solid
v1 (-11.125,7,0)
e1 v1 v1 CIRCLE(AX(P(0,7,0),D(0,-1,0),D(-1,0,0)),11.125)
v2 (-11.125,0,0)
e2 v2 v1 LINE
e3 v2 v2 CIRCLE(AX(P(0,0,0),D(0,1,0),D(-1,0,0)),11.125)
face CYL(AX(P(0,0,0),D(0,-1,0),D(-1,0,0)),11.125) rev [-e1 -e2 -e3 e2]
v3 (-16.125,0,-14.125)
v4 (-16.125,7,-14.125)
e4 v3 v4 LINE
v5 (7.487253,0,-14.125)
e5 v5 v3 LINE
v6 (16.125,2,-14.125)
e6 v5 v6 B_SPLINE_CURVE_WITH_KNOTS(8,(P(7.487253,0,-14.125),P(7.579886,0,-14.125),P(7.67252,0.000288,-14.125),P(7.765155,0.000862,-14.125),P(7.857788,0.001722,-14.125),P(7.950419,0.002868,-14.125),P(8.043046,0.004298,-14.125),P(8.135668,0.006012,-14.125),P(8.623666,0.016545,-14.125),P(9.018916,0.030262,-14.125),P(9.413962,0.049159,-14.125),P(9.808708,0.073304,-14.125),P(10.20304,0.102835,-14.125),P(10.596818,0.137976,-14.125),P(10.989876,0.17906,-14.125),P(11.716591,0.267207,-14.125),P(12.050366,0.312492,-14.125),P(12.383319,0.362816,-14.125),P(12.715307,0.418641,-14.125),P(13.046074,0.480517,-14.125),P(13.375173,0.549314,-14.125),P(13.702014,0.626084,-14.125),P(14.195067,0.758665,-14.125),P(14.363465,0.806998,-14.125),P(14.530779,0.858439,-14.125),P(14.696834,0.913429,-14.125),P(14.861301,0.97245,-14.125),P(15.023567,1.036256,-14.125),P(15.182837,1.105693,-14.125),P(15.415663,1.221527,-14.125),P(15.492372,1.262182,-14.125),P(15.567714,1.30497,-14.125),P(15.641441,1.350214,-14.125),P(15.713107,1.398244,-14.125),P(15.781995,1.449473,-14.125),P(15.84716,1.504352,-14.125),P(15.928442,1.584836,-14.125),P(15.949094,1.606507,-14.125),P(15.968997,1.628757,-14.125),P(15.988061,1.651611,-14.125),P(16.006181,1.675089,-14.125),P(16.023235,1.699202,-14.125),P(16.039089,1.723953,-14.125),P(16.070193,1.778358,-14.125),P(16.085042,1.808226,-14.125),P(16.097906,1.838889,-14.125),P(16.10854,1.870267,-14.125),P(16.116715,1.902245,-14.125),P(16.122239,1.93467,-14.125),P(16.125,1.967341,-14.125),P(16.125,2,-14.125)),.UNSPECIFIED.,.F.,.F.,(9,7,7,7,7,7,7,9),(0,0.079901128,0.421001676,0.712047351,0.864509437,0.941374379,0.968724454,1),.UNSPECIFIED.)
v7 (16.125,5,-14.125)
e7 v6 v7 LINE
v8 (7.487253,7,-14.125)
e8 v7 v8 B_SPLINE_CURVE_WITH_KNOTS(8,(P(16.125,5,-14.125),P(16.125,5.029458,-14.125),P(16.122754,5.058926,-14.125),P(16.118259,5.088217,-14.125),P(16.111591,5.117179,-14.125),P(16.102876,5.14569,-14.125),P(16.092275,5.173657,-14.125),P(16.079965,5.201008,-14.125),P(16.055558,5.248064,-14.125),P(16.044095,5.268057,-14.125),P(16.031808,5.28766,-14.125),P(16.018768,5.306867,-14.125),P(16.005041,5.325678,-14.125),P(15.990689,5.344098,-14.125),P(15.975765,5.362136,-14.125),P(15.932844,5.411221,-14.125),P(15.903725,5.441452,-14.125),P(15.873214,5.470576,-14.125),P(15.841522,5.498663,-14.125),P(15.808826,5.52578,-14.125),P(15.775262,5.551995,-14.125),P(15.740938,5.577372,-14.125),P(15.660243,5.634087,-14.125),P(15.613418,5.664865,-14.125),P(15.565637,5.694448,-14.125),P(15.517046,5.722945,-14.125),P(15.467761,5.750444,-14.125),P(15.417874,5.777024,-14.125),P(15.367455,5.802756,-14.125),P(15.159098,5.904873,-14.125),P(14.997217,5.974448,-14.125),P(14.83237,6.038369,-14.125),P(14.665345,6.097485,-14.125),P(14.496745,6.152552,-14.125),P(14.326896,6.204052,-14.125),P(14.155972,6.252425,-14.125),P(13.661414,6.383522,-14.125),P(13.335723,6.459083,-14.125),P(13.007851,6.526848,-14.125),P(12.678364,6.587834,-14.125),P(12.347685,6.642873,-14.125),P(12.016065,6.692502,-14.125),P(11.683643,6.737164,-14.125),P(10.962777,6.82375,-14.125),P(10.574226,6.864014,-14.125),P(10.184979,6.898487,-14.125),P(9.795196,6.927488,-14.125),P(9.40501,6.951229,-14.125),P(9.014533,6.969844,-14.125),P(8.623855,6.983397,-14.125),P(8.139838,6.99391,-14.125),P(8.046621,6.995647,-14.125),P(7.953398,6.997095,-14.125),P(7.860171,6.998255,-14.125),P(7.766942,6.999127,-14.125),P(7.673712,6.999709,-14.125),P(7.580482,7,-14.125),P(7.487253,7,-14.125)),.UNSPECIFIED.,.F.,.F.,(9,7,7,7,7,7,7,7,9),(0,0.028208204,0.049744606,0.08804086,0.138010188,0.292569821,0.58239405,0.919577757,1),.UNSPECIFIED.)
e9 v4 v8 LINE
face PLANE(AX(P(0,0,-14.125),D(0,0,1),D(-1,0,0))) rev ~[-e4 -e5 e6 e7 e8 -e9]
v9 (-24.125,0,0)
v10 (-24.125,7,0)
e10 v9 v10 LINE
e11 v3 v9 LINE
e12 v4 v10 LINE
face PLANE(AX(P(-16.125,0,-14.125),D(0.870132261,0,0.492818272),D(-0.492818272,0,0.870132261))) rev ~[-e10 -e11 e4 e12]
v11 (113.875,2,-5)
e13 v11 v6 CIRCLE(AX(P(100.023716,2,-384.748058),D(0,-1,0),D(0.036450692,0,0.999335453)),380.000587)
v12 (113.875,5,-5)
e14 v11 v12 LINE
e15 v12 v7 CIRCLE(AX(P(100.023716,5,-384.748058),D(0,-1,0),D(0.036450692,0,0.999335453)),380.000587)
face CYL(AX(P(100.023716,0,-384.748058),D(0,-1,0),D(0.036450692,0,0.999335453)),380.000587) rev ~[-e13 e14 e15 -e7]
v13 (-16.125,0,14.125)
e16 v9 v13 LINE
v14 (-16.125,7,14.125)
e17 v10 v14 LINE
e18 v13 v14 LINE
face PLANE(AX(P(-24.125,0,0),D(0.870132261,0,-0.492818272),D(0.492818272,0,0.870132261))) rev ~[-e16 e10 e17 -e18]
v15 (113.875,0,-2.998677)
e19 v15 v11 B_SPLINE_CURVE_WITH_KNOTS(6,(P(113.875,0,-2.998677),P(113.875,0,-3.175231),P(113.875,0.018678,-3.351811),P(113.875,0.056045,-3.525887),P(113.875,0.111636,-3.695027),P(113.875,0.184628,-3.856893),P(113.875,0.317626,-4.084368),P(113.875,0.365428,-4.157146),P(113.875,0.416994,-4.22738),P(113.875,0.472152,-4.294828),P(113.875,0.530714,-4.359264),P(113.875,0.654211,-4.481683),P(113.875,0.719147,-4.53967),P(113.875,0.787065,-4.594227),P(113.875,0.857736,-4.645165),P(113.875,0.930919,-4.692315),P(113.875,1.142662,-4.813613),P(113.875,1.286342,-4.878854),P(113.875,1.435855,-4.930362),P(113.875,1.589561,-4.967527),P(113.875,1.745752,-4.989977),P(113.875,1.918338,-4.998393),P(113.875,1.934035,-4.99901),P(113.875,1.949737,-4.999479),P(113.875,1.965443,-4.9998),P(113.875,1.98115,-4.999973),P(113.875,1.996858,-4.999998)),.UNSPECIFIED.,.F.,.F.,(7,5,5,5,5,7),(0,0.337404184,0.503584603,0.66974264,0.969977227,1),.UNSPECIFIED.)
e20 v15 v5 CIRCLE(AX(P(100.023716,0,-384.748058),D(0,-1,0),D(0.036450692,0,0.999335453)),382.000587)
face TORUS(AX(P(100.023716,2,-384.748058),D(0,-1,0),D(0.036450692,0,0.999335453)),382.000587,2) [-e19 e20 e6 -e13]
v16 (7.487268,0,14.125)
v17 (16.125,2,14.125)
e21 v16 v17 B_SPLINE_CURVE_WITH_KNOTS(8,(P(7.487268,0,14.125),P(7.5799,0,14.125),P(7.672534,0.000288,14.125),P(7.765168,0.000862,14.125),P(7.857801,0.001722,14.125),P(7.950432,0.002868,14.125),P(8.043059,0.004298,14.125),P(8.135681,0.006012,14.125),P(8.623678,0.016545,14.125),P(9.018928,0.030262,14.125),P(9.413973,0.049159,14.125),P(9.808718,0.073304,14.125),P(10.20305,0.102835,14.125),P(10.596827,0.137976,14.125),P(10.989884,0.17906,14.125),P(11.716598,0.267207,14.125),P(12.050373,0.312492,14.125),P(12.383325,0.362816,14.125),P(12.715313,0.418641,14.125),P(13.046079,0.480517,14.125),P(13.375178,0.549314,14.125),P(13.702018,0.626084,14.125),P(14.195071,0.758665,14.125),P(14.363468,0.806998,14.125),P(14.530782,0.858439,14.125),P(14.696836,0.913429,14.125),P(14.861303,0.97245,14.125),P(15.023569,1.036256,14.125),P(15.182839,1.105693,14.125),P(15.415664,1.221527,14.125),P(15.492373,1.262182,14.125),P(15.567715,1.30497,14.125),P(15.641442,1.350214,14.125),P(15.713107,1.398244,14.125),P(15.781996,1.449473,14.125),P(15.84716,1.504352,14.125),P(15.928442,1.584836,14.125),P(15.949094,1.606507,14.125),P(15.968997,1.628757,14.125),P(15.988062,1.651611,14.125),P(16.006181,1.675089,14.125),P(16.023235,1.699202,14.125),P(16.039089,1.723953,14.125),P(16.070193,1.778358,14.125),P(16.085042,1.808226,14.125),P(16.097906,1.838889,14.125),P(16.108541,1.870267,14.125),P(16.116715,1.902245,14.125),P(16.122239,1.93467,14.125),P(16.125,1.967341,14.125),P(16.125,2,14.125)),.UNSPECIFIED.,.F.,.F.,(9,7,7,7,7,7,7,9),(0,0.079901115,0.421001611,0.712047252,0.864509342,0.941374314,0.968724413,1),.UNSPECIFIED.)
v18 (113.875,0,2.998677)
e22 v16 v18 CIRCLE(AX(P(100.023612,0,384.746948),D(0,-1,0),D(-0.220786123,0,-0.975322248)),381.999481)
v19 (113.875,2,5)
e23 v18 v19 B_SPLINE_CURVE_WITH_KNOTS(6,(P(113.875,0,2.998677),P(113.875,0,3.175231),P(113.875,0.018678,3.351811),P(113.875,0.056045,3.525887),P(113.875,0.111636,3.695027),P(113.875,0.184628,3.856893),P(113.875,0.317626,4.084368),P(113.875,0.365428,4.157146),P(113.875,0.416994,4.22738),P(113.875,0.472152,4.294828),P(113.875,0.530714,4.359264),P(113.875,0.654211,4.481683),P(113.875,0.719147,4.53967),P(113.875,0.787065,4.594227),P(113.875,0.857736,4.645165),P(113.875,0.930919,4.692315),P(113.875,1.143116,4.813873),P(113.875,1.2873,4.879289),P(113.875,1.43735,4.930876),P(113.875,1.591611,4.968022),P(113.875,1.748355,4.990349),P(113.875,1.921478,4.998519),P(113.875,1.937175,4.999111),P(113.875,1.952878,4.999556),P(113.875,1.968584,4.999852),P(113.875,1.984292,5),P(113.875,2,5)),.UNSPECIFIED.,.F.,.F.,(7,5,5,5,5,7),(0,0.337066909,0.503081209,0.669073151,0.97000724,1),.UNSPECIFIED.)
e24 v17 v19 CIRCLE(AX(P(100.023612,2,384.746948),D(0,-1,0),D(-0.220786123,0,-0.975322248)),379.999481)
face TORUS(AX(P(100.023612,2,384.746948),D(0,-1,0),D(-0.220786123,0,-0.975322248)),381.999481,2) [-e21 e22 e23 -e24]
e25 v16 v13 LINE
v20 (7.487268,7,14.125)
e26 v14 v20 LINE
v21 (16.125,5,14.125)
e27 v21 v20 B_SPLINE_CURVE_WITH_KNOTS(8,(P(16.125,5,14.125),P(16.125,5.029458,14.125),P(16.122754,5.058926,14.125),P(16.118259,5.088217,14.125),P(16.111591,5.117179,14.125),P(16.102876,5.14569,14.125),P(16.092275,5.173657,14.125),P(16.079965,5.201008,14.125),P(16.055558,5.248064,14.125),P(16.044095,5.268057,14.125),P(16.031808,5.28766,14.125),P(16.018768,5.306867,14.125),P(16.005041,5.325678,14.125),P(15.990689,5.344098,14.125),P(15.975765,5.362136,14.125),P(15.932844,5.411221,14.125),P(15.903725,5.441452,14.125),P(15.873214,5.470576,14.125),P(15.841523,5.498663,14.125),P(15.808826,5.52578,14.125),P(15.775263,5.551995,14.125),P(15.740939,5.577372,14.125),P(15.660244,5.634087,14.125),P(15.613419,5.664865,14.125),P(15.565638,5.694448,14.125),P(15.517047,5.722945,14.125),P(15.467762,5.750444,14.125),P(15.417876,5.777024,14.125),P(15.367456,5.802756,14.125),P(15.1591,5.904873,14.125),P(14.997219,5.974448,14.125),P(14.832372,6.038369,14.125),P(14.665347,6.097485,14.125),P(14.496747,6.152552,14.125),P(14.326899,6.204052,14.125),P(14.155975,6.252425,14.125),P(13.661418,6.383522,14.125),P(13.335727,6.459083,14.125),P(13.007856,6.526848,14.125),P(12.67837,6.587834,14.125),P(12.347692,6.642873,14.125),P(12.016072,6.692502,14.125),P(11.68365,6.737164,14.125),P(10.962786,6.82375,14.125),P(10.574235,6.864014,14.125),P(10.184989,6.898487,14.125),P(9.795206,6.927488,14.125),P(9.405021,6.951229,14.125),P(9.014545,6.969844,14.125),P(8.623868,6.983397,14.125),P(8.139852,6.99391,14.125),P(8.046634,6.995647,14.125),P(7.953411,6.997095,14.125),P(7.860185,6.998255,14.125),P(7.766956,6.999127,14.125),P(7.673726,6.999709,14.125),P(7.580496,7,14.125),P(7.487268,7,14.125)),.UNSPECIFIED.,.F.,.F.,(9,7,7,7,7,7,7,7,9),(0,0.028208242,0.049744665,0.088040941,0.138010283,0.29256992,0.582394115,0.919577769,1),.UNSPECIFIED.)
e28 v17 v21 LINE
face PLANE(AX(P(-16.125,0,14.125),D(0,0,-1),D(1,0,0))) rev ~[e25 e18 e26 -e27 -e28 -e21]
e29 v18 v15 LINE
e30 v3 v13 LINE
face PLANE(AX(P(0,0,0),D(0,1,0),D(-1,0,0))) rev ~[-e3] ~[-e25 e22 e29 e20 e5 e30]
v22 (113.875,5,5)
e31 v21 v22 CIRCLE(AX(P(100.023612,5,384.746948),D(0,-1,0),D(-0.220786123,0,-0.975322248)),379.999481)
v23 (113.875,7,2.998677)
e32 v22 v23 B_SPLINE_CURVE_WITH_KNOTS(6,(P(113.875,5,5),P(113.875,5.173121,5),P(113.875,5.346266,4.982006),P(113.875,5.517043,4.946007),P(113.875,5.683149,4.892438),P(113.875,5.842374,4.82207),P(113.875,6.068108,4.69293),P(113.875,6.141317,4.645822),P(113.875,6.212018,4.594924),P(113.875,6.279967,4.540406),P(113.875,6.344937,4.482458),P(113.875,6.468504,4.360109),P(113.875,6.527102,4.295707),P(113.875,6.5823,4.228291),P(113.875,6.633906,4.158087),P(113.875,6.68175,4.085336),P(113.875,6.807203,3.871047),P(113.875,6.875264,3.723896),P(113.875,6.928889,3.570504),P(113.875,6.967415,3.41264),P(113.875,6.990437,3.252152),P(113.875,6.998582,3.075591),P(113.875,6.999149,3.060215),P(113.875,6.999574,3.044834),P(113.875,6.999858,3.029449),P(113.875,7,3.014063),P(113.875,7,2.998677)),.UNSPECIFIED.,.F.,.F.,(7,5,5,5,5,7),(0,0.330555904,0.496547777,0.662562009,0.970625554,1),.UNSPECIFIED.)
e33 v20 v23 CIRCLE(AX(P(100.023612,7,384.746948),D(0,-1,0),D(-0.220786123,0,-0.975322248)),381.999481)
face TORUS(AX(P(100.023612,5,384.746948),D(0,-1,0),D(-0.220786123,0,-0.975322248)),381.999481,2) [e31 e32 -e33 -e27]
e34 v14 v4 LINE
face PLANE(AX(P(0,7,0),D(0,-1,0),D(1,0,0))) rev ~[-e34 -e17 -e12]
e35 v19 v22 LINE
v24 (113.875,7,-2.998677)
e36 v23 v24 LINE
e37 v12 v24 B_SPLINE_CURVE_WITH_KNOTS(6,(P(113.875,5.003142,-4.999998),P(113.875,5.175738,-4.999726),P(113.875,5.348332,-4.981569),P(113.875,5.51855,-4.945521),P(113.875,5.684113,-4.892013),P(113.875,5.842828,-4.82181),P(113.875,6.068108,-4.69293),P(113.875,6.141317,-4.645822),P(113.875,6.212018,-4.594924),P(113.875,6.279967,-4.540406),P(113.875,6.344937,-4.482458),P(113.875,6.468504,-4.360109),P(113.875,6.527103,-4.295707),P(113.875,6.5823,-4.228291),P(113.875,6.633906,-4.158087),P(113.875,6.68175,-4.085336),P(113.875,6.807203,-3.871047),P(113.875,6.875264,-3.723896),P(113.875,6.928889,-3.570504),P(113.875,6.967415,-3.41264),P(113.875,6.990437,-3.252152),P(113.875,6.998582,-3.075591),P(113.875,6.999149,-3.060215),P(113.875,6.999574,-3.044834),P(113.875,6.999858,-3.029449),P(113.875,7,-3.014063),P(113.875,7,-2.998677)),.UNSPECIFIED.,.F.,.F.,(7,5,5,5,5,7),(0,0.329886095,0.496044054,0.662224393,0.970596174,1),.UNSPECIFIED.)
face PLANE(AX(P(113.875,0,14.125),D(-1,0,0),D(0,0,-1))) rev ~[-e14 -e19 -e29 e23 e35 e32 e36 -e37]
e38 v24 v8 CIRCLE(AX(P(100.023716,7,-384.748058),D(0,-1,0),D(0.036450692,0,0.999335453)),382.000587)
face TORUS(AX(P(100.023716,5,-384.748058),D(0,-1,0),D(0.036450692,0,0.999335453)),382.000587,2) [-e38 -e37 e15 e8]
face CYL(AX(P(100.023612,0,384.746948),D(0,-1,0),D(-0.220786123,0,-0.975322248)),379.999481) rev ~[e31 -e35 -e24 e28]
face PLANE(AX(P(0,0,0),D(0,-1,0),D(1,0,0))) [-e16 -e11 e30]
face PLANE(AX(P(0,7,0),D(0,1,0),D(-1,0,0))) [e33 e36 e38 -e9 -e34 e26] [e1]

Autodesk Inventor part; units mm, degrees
ref_plane "YZ Plane" through (0, 0, 0) normal (1, 0, 0) x (0, 1, 0)
ref_plane "XZ Plane" through (0, 0, 0) normal (0, 1, 0) x (-1, 0, 0)
ref_plane "XY Plane" through (0, 0, 0) normal (0, 0, 1) x (1, 0, 0)
sketch "Sketch1" plane through (0, 0, 0) normal (0, 1, 0) x (-1, 0, 0)
  circle A0 centre (0, 0) radius 11.125
  line L0 (0, -11.125) -> (0, -14.125)
  line L1 (0, 11.125) -> (0, 14.125)
  line L2 (11.125, 0) -> (16.125, 0)
  line L3 (16.125, 14.125) -> (-113.875, 14.125)
  line L4 (-113.875, 14.125) -> (-113.875, -14.125)
  line L5 (-113.875, -14.125) -> (16.125, -14.125)
  line L6 (16.125, -14.125) -> (16.125, 14.125)
  dimension "d0" = 22.25
  dimension "d1" = 3
  dimension "d2" = 3
  dimension "d3" = 5
  dimension "d6" = 130
extrude "Extrusion1" add sketch "Sketch1" along normal blind 7 contours L2 L6 L5 L0 A0 | A0 L1 L3 L6 L2 | A0 L0 L5 L4 L3 L1
sketch "Sketch2" plane through (0, 0, 0) normal (0, -1, 0) x (1, 0, 0)
  line L0 (113.875, 14.125) -> (113.875, -14.125) projected
  line L1 (113.875, 0) -> (113.875, 5)
  line L2 (113.875, 5) -> (113.875, -5)
  circle A0 centre (0, 0) radius 11.125 projected
  line L3 (11.125, 0) -> (16.125, 0)
  line L4 (-16.125, 14.125) -> (113.875, 14.125) projected
  line L5 (16.125, 14.125) -> (16.125, -14.125)
  line L6 (113.875, -14.125) -> (-16.125, -14.125) projected
  arc A1 (16.125, 14.125) -> (113.875, 5) centre (100.0237, 384.7475) ccw
  arc A2 (113.875, -5) -> (16.125, -14.125) centre (100.0237, -384.7475) ccw
  line L7 (16.125, 14.125) -> (113.875, 14.125)
  line L8 (113.875, 14.125) -> (113.875, 5)
  line L9 (16.125, -14.125) -> (113.875, -14.125)
  line L10 (113.875, -14.125) -> (113.875, -5)
  dimension "d9" = 5
  dimension "d10" = 10
  dimension "d11" = 5
  dimension "d12" = 380
  dimension "d13" = 380
extrude "Extrusion2" cut sketch "Sketch2" against normal through all contours L0 A1 L4 | L0 L6 A2
fillet "Fillet1" radius 2 1 edges at (64.7041, 0, 6.3924)
fillet "Fillet2" radius 2 1 edges at (64.7041, 7, 6.3924)
fillet "Fillet3" radius 2 1 edges at (64.7041, 0, -6.3924)
fillet "Fillet4" radius 2 1 edges at (64.7041, 7, -6.3924)
sketch "Sketch3" plane through (0, 0, 0) normal (0, -1, 0) x (1, 0, 0)
  line L0 (-16.125, -14.125) -> (-16.125, 14.125) projected
  line L1 (-16.125, 0) -> (-24.125, 0)
  line L2 (-24.125, 0) -> (-16.125, 14.125)
  line L3 (-16.125, 14.125) -> (-16.125, -14.125)
  line L4 (-16.125, -14.125) -> (-24.125, 0)
  point P0 (0, 0)
  dimension "d20" = 8
extrude "Extrusion3" add sketch "Sketch3" against normal blind 7
properties part number "Leg"
